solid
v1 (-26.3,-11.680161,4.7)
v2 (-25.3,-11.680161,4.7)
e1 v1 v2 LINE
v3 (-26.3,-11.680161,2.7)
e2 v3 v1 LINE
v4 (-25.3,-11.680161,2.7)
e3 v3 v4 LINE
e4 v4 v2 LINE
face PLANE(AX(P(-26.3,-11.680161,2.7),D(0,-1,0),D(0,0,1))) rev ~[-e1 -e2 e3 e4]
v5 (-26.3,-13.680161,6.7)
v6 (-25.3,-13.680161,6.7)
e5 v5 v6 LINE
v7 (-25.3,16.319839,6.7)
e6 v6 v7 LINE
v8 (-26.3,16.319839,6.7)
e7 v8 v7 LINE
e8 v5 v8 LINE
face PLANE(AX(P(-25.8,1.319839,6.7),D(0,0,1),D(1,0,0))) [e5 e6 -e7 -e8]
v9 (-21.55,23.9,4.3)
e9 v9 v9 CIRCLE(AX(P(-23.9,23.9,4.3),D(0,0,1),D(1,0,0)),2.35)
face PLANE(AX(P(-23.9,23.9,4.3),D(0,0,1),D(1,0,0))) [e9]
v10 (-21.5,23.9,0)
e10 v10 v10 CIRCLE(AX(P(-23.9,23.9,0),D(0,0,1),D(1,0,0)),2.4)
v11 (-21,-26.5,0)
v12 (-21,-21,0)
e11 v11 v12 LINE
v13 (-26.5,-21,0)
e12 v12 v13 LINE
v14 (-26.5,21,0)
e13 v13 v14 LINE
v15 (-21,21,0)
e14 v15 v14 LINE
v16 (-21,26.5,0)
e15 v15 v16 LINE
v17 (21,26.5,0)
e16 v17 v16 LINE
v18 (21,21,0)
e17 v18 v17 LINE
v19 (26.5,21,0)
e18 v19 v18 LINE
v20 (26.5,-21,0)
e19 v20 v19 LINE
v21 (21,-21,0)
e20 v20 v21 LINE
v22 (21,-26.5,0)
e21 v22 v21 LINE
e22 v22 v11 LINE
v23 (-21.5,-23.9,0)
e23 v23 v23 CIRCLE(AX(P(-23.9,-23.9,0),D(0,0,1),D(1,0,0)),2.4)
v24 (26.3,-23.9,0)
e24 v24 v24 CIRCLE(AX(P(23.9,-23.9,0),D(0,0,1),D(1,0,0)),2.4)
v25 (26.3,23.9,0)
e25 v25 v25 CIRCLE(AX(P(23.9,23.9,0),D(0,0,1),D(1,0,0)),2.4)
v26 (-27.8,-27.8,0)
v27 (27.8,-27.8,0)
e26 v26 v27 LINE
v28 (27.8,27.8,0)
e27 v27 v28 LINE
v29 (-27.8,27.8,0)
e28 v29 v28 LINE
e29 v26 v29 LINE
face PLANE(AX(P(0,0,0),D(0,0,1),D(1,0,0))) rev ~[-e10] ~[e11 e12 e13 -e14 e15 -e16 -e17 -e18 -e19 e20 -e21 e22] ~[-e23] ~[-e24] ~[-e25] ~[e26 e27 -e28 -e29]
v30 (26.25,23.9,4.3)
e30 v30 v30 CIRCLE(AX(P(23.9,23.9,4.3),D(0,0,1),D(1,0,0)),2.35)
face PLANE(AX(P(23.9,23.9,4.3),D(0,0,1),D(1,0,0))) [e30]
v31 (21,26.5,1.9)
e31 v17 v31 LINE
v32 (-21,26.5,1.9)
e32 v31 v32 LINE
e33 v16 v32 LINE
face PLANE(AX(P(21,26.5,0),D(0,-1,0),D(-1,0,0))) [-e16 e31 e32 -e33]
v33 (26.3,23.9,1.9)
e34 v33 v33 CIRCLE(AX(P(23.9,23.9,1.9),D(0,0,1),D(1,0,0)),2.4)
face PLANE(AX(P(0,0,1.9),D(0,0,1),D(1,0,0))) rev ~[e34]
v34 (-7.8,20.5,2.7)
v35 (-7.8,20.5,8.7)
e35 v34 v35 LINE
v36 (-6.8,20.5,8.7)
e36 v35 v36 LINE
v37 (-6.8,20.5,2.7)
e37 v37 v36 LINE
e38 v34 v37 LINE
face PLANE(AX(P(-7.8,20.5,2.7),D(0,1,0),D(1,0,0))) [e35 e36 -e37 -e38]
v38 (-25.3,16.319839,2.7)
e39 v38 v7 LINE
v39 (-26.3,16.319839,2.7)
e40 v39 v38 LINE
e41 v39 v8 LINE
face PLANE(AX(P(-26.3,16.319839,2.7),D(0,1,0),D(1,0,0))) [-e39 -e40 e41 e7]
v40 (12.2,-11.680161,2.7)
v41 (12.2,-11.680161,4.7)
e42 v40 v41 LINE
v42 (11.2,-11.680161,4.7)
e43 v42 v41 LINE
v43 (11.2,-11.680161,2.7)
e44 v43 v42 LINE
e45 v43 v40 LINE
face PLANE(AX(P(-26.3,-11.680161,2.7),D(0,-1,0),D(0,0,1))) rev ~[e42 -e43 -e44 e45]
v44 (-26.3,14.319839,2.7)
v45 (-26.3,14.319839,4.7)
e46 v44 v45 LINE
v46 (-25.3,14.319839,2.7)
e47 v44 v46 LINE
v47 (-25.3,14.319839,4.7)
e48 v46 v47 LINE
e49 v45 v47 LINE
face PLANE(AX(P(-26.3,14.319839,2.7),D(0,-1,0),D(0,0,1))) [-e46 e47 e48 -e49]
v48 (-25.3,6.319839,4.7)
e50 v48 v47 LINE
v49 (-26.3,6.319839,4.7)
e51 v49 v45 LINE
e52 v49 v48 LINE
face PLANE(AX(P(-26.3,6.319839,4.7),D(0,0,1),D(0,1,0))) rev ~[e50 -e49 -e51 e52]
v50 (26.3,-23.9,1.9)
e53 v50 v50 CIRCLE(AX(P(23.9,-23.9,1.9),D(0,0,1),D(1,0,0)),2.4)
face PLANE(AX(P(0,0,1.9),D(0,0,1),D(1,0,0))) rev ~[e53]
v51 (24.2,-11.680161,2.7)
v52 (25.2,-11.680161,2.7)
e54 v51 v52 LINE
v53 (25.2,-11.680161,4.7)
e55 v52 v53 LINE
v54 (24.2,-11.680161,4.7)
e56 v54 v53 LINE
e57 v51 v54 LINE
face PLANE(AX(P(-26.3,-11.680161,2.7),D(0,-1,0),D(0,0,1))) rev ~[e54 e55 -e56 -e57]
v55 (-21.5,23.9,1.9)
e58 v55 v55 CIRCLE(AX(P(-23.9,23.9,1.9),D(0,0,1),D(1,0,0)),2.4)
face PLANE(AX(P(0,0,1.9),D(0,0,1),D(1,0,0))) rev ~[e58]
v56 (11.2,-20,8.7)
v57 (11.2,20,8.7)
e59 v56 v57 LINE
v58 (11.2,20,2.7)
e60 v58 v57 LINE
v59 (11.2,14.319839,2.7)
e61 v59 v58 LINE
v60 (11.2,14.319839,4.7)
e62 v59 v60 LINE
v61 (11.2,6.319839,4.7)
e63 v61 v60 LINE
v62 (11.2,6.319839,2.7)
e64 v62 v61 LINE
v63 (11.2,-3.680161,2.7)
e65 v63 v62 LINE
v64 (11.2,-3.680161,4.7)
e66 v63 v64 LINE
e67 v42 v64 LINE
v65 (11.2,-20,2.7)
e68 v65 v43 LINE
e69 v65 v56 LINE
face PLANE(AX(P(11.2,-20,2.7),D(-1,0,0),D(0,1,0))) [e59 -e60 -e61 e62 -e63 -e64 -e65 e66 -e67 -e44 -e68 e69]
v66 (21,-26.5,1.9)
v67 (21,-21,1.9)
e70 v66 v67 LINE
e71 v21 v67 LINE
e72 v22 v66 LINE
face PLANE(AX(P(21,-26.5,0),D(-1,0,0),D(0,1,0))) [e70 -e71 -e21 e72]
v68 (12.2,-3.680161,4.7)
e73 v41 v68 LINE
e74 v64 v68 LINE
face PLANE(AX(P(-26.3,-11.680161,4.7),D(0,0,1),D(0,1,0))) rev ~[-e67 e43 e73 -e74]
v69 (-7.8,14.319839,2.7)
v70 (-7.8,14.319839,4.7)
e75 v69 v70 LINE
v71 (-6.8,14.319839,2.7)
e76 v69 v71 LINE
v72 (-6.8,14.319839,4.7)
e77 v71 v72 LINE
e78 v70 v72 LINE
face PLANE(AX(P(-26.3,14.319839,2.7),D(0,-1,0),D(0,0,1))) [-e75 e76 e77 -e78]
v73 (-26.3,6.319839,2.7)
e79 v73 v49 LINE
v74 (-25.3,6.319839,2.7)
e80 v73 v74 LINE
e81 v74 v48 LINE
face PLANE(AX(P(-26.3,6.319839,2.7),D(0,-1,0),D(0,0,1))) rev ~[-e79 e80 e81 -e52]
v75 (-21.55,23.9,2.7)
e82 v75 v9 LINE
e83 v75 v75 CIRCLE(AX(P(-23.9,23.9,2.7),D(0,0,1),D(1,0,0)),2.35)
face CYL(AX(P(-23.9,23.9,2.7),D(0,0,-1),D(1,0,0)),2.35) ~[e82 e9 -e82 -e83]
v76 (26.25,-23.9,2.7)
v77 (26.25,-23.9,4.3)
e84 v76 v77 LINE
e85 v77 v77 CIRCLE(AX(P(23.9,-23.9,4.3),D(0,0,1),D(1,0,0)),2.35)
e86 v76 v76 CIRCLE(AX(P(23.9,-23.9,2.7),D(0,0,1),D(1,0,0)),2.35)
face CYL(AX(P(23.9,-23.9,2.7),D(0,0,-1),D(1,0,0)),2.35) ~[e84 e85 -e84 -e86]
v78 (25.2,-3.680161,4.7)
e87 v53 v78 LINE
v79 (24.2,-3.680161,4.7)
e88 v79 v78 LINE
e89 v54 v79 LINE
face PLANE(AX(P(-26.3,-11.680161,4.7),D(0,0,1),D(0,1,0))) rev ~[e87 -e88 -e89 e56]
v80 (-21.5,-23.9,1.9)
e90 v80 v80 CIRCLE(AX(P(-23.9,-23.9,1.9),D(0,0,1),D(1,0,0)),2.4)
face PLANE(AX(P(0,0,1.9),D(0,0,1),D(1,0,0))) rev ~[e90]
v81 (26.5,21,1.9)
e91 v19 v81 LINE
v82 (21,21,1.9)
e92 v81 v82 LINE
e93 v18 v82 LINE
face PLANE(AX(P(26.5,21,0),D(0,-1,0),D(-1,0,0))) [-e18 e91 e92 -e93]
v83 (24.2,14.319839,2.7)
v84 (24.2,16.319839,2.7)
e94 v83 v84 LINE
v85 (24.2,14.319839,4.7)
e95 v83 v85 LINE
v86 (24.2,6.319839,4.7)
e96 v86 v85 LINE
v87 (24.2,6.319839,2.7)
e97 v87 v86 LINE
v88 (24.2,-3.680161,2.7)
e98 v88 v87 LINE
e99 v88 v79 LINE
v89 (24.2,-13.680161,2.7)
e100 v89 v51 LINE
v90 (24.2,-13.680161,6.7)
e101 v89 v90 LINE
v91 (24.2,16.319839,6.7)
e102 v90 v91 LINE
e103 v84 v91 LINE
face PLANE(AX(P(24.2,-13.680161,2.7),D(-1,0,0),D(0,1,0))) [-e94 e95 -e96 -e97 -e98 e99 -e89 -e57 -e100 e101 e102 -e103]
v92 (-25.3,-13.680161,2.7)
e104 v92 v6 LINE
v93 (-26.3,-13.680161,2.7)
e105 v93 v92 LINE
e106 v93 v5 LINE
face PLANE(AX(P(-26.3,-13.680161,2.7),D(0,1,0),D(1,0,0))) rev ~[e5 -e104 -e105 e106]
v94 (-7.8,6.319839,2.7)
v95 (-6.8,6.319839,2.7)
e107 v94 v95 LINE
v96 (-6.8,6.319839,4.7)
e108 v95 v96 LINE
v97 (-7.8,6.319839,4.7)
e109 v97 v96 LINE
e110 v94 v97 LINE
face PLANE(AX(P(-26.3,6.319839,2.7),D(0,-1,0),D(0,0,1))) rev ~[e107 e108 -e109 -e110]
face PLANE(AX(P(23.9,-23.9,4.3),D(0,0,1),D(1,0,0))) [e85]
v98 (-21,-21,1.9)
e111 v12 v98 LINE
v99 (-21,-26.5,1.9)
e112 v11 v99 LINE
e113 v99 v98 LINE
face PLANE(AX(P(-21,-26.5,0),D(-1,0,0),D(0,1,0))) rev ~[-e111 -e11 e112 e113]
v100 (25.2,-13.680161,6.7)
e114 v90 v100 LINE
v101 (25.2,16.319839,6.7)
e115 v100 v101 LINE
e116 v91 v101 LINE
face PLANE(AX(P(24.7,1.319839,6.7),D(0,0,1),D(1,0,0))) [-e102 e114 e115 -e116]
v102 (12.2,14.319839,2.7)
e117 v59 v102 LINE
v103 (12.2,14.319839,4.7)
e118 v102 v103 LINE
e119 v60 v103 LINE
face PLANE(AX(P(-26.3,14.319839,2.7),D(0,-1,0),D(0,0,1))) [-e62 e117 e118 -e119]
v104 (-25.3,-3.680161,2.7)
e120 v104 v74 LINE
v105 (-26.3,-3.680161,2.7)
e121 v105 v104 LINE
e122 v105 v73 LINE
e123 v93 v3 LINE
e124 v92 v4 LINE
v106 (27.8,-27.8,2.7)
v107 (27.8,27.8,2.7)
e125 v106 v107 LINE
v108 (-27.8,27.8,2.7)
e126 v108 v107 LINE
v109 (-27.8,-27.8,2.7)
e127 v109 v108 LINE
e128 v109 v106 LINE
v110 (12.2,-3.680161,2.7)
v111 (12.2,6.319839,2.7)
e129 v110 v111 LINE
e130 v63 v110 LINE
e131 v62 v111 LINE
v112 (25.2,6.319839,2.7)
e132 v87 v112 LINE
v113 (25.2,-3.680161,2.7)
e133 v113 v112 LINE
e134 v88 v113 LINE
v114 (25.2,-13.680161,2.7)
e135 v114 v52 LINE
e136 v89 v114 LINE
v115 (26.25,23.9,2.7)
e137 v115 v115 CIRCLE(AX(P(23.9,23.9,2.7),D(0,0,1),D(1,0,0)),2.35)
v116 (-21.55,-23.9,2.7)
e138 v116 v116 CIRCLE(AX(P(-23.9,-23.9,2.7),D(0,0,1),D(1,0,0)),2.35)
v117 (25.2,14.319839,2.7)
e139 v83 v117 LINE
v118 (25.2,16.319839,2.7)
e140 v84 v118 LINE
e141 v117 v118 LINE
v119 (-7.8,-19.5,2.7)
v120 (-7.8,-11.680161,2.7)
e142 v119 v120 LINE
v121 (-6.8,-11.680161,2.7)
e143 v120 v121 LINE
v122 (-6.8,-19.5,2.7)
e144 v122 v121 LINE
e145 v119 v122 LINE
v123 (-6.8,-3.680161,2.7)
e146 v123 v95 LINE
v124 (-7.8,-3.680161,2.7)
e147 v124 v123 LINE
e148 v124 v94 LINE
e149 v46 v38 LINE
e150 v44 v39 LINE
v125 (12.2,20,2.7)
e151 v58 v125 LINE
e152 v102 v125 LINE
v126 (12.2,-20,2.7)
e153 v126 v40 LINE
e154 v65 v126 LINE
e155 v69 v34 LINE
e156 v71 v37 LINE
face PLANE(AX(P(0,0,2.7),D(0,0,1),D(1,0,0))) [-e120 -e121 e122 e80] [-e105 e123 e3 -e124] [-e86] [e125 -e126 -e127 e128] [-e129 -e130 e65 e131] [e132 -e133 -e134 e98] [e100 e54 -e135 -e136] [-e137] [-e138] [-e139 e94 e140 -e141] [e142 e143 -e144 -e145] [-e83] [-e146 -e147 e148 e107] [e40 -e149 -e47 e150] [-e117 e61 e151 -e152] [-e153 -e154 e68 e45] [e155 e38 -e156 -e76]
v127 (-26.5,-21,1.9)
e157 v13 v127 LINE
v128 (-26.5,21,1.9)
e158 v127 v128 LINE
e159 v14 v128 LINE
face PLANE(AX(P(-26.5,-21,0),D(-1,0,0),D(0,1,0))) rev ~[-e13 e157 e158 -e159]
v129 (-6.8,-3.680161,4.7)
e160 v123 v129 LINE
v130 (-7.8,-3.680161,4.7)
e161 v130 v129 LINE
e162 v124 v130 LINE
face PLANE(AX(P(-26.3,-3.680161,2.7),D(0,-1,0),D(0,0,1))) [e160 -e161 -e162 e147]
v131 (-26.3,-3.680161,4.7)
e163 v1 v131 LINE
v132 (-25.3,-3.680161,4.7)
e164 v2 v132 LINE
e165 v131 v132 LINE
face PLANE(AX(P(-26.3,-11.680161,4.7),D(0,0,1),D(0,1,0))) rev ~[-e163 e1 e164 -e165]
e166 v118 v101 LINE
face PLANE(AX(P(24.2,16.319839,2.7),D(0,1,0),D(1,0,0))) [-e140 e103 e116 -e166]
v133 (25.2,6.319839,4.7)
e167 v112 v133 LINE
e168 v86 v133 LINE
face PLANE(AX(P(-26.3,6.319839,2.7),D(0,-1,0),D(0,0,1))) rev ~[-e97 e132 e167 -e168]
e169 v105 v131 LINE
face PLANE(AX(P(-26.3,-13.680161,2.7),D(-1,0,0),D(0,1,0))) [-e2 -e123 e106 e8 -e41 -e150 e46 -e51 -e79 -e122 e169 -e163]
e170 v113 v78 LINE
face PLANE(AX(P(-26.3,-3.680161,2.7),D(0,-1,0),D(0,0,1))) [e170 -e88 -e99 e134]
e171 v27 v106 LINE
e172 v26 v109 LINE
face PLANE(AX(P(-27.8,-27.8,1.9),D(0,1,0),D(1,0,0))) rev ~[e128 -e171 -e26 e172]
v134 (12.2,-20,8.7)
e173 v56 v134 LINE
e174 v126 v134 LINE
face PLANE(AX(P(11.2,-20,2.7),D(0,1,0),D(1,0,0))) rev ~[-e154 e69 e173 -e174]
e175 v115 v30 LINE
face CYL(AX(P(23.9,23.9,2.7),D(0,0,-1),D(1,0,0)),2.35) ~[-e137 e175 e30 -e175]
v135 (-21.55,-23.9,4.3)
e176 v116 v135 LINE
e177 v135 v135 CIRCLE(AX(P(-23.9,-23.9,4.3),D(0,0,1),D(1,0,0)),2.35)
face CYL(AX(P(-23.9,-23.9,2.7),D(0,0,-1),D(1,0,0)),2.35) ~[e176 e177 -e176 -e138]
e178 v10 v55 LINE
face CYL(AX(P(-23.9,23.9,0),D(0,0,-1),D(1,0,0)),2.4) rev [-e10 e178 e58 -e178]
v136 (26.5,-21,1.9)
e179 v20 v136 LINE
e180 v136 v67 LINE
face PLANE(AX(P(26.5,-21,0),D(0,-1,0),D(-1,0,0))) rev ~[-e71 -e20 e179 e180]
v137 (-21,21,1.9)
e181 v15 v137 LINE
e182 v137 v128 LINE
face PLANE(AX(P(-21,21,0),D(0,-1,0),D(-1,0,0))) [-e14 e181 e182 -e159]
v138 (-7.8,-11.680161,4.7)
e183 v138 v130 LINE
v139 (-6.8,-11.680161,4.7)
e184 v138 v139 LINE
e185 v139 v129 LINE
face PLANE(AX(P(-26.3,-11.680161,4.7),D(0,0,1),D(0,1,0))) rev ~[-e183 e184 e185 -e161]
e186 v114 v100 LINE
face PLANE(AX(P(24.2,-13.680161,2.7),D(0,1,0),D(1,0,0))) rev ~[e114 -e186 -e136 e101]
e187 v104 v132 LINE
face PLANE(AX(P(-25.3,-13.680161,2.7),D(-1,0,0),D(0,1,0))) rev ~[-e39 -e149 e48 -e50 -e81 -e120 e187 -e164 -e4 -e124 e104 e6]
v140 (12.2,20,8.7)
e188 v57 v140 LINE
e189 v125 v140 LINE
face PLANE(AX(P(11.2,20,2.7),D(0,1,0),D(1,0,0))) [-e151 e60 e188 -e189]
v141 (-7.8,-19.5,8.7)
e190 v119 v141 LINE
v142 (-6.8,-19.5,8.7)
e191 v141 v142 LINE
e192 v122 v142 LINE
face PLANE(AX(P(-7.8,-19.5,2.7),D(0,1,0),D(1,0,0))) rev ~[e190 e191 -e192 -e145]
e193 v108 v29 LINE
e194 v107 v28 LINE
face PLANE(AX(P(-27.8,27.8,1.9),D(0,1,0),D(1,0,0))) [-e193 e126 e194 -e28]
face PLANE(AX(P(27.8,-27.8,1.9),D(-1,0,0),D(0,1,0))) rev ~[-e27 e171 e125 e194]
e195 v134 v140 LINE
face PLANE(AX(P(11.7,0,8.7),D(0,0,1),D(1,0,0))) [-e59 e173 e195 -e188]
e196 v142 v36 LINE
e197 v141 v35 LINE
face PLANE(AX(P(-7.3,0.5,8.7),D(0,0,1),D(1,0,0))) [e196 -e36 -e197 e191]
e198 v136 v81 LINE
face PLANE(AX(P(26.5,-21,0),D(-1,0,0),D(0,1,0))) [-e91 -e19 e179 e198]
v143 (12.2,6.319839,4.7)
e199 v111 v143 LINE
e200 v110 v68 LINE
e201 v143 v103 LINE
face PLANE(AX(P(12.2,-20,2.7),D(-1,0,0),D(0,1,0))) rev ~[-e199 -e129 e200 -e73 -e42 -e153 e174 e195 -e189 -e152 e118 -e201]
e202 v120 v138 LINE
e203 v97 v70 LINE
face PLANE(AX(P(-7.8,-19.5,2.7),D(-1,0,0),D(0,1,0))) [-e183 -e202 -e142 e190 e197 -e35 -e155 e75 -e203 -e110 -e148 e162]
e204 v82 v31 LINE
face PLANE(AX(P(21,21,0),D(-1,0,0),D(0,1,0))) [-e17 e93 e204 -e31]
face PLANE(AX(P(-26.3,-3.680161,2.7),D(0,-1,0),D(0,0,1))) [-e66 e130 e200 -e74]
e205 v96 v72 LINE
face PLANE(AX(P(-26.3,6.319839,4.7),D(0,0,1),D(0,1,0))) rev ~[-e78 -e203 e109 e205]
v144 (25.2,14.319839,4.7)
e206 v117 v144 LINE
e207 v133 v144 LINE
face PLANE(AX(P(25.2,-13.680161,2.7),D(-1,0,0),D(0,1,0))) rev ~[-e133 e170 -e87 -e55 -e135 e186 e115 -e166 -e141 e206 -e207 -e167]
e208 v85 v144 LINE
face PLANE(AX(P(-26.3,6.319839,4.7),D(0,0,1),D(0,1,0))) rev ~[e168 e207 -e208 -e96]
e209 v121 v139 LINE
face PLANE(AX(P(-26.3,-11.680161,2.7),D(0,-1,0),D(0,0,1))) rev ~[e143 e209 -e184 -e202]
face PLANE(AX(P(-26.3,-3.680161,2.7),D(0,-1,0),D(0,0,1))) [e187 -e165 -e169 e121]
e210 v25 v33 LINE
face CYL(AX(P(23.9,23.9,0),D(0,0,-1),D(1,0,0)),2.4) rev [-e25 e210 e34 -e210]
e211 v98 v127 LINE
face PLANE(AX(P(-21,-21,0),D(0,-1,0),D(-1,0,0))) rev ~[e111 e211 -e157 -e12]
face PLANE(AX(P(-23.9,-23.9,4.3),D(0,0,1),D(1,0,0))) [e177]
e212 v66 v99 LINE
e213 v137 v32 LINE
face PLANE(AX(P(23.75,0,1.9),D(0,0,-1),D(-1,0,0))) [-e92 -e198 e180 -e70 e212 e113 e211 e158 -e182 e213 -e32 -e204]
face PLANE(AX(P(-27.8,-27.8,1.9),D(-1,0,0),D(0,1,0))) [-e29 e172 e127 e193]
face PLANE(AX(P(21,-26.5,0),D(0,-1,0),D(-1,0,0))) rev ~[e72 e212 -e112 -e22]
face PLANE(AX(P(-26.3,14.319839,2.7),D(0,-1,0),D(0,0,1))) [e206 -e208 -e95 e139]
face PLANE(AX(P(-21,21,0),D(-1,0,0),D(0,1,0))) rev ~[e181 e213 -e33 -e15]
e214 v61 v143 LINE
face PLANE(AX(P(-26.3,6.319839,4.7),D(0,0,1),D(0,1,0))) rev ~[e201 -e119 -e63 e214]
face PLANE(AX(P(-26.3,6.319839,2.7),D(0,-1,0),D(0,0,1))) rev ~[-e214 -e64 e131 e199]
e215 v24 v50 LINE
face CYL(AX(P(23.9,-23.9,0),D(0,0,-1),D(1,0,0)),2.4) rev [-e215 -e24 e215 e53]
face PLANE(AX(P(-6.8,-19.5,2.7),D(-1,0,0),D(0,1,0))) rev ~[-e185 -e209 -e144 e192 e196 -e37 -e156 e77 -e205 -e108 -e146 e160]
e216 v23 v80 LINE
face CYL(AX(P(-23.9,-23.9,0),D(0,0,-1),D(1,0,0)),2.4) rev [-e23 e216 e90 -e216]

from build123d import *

# Parameters (mm, degrees)
SKICA1_W                 = 55.6
SKICA1_H                 = 55.6
SKICA1_R                 = 2.4
P_IDAT_VYSUNUT_M1_DEPTH  = 1.9
SKICA2_W                 = 55.6
SKICA2_H                 = 55.6
P_IDAT_VYSUNUT_M2_DEPTH  = 0.8
SKICA3_R                 = 2.35
P_IDAT_VYSUNUT_M3_DEPTH  = 1.6
SKICA12_W                = 1
SKICA12_H                = 40
P_IDAT_VYSUNUT_M5_DEPTH  = 6
SKICA13_W                = 1
SKICA13_H                = 30
P_IDAT_VYSUNUT_M6_DEPTH  = 4
SKICA14_W                = 2
SKICA14_H                = 8
ODEBRAT_VYSUNUT_M6_DEPTH = 54
SKICA17_W                = 5.5
SKICA17_H                = 42
SKICA17_W_2              = 42
SKICA17_H_2              = 5.5
ODEBRAT_VYSUNUT_M7_DEPTH = 1.9


with BuildPart() as part:
    # Skica1 → Přidat vysunutím1 (new body)
    with BuildSketch(Plane.XY):
        Rectangle(SKICA1_W, SKICA1_H)
        with Locations((-23.9, 23.9)):
            Circle(SKICA1_R, mode=Mode.SUBTRACT)
        with Locations((23.9, 23.9)):
            Circle(SKICA1_R, mode=Mode.SUBTRACT)
        with Locations((-23.9, -23.9)):
            Circle(SKICA1_R, mode=Mode.SUBTRACT)
        with Locations((23.9, -23.9)):
            Circle(SKICA1_R, mode=Mode.SUBTRACT)
    extrude(amount=P_IDAT_VYSUNUT_M1_DEPTH)

    # Skica2 → Přidat vysunutím2 (add)
    with BuildSketch(Plane.XY.offset(1.9)):
        Rectangle(SKICA2_W, SKICA2_H)
    extrude(amount=P_IDAT_VYSUNUT_M2_DEPTH)

    # Skica3 → Přidat vysunutím3 (add)
    with BuildSketch(Plane.XY.offset(2.7)):
        with Locations((-23.9, 23.9)):
            Circle(SKICA3_R)
        with Locations((23.9, 23.9)):
            Circle(SKICA3_R)
        with Locations((-23.9, -23.9)):
            Circle(SKICA3_R)
        with Locations((23.9, -23.9)):
            Circle(SKICA3_R)
    extrude(amount=P_IDAT_VYSUNUT_M3_DEPTH)

    # Skica12 → Přidat vysunutím5 (add)
    with BuildSketch(Plane.XY.offset(2.7)):
        with Locations((-7.3, 0.5)):
            Rectangle(SKICA12_W, SKICA12_H)
        with Locations((11.7, 0)):
            Rectangle(SKICA12_W, SKICA12_H)
    extrude(amount=P_IDAT_VYSUNUT_M5_DEPTH)

    # Skica13 → Přidat vysunutím6 (add)
    with BuildSketch(Plane.XY.offset(2.7)):
        with Locations((-25.8, 1.319838769)):
            Rectangle(SKICA13_W, SKICA13_H)
        with Locations((24.7, 1.319838769)):
            Rectangle(SKICA13_W, SKICA13_H)
    extrude(amount=P_IDAT_VYSUNUT_M6_DEPTH)

    # Skica14 → Odebrat vysunutím6 (cut)
    with BuildSketch(Plane.ZY.offset(26.3)):
        with Locations((3.7, 10.319838769)):
            Rectangle(SKICA14_W, SKICA14_H)
        with Locations((3.7, -7.680161231)):
            Rectangle(SKICA14_W, SKICA14_H)
    extrude(amount=-ODEBRAT_VYSUNUT_M6_DEPTH, mode=Mode.SUBTRACT)

    # Skica17 → Odebrat vysunutím7 (cut)
    with BuildSketch(Plane(origin=(0, 0, 0), x_dir=(-1, 0, 0), z_dir=(0, 0, -1))):
        with Locations((-23.75, 0)):
            Rectangle(SKICA17_W, SKICA17_H)
        with Locations((0, 23.75)):
            Rectangle(SKICA17_W_2, SKICA17_H_2)
        Rectangle(SKICA17_W_2, SKICA17_H)
        with Locations((23.75, 0)):
            Rectangle(SKICA17_W, SKICA17_H)
        with Locations((0, -23.75)):
            Rectangle(SKICA17_W_2, SKICA17_H_2)
    extrude(amount=-ODEBRAT_VYSUNUT_M7_DEPTH, mode=Mode.SUBTRACT)


solid = part.part
